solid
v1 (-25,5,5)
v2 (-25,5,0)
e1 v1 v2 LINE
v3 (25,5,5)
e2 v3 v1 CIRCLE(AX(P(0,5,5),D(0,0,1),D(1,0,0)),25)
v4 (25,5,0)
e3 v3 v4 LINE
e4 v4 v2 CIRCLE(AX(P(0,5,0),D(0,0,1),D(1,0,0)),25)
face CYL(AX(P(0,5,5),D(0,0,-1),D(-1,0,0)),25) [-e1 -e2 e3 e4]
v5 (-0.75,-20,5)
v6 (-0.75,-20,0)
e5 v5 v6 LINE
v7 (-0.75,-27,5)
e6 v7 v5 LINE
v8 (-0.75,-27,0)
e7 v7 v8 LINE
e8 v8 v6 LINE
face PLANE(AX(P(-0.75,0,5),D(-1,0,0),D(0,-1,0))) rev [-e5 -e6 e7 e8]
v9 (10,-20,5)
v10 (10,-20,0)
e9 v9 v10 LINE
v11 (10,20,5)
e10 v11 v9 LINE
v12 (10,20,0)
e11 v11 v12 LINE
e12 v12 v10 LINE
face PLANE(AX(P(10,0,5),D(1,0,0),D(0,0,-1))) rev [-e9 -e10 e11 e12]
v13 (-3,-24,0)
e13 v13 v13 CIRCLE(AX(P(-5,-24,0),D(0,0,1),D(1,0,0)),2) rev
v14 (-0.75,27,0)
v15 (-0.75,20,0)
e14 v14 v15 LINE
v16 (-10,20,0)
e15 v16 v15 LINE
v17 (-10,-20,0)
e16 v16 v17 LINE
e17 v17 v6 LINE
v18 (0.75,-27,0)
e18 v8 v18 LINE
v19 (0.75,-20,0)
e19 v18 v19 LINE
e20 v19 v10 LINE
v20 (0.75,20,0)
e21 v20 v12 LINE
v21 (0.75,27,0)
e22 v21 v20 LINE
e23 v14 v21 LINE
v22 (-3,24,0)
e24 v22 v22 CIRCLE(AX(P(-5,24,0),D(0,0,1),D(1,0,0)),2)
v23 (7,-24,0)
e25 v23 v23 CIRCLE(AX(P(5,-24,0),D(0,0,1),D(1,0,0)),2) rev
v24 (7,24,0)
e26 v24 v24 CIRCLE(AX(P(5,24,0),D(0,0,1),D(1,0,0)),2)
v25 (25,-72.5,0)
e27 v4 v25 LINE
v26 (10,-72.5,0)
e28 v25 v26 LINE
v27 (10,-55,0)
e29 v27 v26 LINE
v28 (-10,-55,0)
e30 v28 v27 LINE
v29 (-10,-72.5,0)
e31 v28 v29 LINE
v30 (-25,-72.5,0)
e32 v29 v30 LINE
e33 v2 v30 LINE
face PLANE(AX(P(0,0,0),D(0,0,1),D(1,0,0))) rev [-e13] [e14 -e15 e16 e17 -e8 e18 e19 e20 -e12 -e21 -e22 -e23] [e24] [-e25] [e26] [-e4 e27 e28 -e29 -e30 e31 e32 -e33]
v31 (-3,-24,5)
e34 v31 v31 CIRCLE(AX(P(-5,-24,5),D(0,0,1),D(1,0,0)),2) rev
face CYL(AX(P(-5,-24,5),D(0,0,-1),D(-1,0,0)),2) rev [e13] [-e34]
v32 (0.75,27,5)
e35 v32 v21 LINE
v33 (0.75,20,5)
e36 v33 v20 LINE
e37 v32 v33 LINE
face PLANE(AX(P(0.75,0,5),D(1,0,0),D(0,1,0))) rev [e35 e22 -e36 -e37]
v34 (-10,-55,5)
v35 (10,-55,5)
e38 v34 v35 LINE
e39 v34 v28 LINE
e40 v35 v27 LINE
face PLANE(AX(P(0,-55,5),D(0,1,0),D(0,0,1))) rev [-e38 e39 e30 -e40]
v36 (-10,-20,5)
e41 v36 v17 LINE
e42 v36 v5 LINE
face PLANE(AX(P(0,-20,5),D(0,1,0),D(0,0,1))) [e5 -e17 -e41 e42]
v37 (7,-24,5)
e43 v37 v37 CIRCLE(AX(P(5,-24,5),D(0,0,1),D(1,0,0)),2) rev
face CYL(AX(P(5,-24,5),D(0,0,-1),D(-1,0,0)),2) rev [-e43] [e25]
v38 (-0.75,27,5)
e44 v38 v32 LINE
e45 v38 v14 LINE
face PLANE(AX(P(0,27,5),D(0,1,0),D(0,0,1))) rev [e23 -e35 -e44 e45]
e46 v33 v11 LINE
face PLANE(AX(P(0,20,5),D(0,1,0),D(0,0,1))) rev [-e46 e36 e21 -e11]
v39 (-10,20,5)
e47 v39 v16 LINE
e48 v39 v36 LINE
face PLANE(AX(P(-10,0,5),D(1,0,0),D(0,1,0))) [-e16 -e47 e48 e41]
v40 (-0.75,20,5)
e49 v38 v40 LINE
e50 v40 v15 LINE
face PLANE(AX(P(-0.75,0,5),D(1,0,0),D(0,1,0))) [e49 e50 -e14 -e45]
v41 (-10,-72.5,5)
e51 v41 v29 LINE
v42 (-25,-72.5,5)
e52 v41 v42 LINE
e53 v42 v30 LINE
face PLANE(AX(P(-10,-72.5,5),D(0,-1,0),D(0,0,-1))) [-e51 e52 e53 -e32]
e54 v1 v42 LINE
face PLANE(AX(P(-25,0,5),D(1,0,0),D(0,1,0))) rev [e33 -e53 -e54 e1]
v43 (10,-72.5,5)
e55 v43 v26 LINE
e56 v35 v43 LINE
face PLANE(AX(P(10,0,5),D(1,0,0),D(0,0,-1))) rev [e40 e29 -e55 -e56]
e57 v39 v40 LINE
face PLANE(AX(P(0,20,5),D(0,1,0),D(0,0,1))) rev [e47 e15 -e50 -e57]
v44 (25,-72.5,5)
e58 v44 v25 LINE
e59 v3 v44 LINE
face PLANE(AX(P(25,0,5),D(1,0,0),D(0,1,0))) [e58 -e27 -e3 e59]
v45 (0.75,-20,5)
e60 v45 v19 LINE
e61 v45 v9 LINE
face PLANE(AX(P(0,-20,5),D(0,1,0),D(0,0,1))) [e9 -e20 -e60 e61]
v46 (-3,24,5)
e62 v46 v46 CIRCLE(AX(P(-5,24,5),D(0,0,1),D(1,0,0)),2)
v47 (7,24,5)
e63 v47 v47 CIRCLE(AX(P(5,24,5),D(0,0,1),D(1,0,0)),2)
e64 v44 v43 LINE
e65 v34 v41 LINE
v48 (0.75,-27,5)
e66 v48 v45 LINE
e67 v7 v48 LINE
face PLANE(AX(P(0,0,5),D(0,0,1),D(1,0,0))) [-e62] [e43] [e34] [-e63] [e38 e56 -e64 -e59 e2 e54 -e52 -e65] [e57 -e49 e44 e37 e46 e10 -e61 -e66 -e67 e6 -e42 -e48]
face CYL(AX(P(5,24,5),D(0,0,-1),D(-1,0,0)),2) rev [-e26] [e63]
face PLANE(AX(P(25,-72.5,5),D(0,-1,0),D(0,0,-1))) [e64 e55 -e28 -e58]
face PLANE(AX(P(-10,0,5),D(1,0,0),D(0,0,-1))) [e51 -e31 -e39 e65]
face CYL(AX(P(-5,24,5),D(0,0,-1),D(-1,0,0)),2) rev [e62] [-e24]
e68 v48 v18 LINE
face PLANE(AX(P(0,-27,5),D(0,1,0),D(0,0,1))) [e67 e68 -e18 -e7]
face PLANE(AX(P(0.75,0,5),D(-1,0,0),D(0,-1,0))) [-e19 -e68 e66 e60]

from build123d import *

# Parameters (mm, degrees)
SKETCH1_R           = 2
BOSS_EXTRUDE1_DEPTH = 5


with BuildPart() as part:
    # Sketch1 → Boss-Extrude1 (new body)
    with BuildSketch(Plane.XY):
        with BuildLine():
            ThreePointArc((25, 5), (0, 30), (-25, 5))
            Line((-25, 5), (-25, -72.5))
            Line((-25, -72.5), (-10, -72.5))
            Line((-10, -72.5), (-10, -55))
            Line((-10, -55), (10, -55))
            Line((10, -55), (10, -72.5))
            Line((10, -72.5), (25, -72.5))
            Line((25, -72.5), (25, 5))
        make_face()
        Polygon((-10, 20), (-0.75, 20), (-0.75, 27), (0.75, 27), (0.75, 20), (10, 20), (10, -20), (0.75, -20), (0.75, -27), (-0.75, -27), (-0.75, -20), (-10, -20), align=None, mode=Mode.SUBTRACT)
        with Locations((-5, 24)):
            Circle(SKETCH1_R, mode=Mode.SUBTRACT)
        with Locations((5, 24)):
            Circle(SKETCH1_R, mode=Mode.SUBTRACT)
        with Locations((-5, -24)):
            Circle(SKETCH1_R, mode=Mode.SUBTRACT)
        with Locations((5, -24)):
            Circle(SKETCH1_R, mode=Mode.SUBTRACT)
    extrude(amount=BOSS_EXTRUDE1_DEPTH)


solid = part.part
